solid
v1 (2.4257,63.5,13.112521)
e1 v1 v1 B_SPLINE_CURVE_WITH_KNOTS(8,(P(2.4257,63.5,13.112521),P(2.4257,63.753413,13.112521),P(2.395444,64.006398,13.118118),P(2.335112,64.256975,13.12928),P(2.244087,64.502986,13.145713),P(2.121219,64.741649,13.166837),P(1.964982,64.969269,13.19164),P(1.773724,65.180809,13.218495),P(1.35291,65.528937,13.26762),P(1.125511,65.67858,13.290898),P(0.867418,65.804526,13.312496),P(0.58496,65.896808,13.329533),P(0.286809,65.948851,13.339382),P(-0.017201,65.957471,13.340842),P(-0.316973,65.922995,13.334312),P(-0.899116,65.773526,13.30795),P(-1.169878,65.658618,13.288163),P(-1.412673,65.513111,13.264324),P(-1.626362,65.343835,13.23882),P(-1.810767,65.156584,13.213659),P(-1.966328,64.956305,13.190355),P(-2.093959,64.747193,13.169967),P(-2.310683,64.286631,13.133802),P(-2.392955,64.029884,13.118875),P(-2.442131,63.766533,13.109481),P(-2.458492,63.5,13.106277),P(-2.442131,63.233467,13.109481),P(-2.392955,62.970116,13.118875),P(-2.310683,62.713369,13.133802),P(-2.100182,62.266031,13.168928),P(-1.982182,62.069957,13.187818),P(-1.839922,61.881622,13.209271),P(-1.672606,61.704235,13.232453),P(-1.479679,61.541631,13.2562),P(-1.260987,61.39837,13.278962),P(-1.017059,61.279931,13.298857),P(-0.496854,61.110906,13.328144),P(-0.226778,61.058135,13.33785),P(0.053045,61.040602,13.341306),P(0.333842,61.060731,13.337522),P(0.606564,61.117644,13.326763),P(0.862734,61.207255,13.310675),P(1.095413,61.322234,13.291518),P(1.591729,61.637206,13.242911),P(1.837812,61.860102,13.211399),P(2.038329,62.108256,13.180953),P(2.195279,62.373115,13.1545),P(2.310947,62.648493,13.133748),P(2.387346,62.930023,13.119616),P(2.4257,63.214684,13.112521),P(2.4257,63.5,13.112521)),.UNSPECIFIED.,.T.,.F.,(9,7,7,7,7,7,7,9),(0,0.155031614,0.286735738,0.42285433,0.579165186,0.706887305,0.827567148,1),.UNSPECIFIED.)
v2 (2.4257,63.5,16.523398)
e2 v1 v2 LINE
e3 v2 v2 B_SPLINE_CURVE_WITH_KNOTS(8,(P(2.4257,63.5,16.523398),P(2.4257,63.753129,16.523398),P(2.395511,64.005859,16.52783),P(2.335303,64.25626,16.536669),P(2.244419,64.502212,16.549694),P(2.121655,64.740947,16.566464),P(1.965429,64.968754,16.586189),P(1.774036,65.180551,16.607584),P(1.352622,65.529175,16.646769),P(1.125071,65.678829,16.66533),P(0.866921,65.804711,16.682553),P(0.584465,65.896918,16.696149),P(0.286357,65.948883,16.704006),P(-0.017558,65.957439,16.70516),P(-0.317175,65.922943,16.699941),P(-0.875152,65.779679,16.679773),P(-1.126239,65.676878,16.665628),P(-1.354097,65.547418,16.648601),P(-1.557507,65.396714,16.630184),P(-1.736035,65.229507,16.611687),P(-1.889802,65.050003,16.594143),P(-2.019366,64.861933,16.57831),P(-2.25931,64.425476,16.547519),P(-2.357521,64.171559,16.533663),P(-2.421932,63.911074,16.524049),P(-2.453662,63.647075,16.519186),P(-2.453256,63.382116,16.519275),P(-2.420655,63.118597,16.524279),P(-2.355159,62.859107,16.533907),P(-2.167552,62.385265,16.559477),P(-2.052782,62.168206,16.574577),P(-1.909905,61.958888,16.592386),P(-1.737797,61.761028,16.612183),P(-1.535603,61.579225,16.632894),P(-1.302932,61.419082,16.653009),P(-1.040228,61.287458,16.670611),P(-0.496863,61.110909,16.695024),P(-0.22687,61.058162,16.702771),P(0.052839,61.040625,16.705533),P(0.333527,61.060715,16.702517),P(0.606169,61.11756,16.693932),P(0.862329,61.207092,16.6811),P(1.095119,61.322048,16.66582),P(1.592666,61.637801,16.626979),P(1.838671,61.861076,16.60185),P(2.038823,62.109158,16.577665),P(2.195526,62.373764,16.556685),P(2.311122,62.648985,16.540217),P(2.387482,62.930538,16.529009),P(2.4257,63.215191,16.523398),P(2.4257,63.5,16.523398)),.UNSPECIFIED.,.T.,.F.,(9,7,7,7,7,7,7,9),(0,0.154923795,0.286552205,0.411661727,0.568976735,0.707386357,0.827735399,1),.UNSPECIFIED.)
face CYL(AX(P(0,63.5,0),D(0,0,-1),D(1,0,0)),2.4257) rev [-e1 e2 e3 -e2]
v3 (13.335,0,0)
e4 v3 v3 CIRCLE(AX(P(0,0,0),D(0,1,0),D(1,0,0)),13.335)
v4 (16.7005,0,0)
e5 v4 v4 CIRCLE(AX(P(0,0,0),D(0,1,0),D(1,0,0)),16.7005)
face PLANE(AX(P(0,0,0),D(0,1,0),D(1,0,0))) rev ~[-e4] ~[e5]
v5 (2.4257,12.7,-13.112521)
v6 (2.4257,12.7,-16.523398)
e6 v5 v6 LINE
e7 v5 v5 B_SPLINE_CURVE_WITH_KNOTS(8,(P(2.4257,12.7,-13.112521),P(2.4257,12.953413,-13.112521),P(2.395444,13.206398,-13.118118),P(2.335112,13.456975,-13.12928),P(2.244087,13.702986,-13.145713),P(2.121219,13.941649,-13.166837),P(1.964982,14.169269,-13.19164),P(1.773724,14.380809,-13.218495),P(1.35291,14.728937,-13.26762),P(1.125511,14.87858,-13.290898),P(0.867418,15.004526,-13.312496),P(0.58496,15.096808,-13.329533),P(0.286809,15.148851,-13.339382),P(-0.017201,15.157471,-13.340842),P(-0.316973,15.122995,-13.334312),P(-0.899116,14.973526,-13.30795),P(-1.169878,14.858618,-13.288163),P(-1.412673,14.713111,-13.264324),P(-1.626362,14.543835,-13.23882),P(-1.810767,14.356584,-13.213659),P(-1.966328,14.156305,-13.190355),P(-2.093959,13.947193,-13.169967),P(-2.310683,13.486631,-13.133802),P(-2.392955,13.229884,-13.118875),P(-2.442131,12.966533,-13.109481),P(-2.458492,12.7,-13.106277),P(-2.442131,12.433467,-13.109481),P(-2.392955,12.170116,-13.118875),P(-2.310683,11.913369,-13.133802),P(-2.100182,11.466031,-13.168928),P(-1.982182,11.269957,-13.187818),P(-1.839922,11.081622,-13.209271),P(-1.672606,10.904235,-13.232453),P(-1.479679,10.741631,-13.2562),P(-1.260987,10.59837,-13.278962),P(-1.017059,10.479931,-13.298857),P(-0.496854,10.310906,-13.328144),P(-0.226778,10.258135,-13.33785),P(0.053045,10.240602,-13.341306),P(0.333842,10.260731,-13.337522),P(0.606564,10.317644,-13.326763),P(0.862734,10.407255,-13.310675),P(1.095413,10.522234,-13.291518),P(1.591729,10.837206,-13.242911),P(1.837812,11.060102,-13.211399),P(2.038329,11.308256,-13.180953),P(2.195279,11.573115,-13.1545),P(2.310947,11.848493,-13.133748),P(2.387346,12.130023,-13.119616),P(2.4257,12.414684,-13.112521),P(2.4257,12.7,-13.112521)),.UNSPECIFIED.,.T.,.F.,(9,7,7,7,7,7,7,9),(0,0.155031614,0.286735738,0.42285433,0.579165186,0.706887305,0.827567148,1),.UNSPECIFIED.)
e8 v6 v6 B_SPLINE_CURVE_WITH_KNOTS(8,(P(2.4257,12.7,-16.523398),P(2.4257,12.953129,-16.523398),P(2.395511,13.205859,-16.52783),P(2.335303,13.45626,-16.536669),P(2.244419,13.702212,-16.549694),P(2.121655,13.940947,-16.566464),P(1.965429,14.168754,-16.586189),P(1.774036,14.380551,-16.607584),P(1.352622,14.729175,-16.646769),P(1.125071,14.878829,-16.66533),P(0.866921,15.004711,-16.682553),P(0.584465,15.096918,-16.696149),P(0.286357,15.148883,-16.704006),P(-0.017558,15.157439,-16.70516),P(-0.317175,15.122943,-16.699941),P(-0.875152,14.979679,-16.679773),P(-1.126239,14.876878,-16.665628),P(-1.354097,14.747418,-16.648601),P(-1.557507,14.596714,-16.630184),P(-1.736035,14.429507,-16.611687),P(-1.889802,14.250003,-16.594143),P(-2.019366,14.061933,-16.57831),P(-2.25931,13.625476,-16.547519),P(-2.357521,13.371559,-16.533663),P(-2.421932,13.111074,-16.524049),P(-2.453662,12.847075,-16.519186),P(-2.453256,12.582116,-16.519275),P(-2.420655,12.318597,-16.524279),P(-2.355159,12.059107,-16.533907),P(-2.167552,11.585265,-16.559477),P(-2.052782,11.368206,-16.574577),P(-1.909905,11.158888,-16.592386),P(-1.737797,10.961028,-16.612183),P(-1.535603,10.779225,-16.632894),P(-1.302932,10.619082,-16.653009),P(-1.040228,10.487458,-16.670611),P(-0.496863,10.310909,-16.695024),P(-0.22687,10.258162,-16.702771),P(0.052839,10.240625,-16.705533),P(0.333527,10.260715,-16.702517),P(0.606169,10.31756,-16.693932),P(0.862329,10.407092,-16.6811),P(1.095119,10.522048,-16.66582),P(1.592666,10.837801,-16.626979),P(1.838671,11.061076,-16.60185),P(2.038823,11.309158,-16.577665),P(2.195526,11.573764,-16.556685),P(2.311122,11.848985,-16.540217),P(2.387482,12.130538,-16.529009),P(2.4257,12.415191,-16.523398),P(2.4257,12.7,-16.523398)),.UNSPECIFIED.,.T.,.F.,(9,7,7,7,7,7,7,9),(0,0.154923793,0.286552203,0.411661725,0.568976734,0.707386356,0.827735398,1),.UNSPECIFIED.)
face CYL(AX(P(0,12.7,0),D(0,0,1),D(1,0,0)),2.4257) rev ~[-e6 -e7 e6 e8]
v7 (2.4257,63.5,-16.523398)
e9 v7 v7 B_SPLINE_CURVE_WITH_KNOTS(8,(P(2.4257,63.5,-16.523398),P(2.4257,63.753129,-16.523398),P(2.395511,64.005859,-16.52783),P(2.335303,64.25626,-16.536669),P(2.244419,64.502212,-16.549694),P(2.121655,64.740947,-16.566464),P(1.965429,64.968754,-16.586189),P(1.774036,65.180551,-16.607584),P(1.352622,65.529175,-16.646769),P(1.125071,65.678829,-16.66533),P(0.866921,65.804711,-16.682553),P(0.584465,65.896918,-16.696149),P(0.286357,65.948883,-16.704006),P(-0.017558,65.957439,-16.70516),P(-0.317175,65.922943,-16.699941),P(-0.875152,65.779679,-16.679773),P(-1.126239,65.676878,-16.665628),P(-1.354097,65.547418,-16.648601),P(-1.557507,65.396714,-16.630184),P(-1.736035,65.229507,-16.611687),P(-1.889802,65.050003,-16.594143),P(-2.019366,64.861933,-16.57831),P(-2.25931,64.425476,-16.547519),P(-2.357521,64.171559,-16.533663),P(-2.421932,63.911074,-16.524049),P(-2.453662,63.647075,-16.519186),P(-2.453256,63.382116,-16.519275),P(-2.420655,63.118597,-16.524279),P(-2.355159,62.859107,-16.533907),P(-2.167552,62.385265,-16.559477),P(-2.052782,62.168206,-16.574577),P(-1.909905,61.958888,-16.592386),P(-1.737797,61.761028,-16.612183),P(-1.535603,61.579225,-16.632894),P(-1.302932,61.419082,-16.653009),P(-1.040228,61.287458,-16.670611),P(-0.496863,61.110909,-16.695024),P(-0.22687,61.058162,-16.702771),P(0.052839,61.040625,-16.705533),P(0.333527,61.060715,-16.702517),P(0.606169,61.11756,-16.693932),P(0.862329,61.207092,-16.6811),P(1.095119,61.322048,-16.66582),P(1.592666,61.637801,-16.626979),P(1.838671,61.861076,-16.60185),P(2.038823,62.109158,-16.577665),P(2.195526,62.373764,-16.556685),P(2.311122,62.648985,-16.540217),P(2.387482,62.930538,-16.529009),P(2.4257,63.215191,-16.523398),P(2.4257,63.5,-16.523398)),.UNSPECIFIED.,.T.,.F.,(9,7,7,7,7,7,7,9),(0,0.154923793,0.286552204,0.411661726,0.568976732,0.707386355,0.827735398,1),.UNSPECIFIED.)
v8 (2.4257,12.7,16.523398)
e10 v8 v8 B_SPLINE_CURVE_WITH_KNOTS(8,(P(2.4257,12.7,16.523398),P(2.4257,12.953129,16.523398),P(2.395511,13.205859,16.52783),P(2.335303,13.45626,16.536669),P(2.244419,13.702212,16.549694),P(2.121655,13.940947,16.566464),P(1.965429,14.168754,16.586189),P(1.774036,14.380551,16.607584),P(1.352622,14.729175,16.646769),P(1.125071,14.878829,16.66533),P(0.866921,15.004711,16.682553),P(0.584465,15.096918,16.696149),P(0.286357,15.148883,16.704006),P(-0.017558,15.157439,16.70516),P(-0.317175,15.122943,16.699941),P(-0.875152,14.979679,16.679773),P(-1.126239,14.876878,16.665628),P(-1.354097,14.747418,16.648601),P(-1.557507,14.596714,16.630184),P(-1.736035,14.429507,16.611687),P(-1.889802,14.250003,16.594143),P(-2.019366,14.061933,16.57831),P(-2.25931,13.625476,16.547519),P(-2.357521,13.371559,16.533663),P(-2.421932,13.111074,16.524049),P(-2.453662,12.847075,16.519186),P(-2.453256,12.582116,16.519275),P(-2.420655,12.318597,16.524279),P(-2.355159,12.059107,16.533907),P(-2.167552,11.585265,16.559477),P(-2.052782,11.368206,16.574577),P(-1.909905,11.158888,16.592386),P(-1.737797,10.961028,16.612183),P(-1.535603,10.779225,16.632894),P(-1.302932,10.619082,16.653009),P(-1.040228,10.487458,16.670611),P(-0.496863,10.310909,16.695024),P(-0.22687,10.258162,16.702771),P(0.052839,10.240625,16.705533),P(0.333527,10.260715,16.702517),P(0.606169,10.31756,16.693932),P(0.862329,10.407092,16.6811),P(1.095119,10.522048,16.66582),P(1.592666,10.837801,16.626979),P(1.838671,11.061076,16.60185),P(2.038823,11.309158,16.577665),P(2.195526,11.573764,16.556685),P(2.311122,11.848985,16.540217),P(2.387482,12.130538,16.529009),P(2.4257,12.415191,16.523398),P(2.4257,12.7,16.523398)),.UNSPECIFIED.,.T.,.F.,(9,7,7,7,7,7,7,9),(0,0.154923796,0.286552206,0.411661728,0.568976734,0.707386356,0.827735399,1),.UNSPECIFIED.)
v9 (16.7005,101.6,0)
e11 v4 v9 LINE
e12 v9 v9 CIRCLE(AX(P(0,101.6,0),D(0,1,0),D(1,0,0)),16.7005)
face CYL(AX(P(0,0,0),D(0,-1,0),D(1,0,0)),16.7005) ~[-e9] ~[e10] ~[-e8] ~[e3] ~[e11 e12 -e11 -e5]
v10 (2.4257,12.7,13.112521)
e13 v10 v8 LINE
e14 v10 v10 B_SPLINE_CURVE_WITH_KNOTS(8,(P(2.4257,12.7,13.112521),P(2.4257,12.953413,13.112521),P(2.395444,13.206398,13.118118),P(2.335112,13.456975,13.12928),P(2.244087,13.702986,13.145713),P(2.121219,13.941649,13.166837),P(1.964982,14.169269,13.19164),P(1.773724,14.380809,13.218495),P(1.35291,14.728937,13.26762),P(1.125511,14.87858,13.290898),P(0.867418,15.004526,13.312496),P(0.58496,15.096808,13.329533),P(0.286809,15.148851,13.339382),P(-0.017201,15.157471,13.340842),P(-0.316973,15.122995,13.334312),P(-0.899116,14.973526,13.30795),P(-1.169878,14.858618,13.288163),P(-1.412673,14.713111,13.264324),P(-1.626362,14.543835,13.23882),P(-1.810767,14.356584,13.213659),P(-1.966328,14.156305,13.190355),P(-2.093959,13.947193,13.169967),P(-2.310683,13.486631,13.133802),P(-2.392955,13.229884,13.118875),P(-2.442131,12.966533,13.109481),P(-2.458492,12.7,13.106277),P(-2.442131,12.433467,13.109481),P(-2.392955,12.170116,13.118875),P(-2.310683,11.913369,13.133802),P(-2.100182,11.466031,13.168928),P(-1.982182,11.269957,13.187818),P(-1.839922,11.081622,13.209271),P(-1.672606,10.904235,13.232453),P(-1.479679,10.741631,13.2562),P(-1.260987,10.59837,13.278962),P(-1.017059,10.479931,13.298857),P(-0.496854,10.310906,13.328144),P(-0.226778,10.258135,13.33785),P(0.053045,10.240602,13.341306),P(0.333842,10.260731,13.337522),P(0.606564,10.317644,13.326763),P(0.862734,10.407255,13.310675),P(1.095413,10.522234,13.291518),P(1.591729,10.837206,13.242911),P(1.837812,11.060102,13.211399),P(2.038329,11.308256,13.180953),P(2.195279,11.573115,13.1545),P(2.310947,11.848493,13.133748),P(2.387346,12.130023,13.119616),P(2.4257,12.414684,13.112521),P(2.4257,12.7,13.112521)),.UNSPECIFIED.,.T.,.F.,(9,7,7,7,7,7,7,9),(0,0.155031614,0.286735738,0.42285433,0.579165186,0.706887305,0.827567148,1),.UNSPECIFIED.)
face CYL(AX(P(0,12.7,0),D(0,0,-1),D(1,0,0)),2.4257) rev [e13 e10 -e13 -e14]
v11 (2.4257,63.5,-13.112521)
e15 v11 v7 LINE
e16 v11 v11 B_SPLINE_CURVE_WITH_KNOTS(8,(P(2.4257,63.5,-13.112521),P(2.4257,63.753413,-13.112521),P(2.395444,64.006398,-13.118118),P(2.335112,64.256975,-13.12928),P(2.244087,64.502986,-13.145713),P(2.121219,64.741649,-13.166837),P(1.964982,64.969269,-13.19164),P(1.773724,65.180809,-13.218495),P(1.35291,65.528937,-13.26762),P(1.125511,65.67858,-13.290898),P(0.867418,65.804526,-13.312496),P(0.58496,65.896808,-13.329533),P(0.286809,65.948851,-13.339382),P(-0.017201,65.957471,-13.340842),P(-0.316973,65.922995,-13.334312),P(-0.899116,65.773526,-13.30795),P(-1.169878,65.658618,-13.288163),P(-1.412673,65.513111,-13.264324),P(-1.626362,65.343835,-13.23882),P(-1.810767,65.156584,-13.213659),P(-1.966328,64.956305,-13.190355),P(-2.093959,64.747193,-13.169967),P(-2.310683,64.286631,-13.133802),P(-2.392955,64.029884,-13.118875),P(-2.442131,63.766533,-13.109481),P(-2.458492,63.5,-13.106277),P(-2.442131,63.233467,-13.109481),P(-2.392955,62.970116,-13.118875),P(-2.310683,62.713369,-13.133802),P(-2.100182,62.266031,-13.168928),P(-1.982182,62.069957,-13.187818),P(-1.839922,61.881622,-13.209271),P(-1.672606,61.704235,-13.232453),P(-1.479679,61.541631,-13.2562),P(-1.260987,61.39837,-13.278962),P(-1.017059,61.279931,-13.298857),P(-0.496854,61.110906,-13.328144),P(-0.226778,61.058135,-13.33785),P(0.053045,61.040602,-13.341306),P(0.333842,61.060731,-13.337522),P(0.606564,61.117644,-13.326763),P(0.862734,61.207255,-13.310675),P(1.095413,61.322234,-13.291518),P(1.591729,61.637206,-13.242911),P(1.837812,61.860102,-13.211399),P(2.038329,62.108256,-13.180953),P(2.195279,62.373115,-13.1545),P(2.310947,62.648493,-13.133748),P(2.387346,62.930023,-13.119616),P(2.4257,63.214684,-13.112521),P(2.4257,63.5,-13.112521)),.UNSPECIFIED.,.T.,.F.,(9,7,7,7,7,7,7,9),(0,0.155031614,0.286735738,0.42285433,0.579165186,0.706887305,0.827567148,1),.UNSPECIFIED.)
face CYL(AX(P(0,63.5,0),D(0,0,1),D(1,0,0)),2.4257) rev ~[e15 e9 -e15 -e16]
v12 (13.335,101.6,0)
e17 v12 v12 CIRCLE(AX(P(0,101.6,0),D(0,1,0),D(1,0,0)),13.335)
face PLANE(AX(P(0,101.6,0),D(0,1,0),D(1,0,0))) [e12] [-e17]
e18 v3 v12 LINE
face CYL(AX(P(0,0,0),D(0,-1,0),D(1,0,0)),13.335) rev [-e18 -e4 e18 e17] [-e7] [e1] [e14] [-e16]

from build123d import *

# Parameters (mm, degrees)
SKETCH1_R               = 16.7005
SKETCH1_R_2             = 13.335
BOSS_EXTRUDE1_DEPTH     = 101.6
SKETCH2_R               = 2.4257
CUT_EXTRUDE1_DEPTH      = 17.7005
CUT_EXTRUDE1_DEPTH_BACK = 17.7005


with BuildPart() as part:
    # Sketch1 → Boss-Extrude1 (new body)
    with BuildSketch(Plane(origin=(0, 0, 0), x_dir=(1, 0, 0), z_dir=(0, 1, 0))):
        Circle(SKETCH1_R)
        Circle(SKETCH1_R_2, mode=Mode.SUBTRACT)
    extrude(amount=BOSS_EXTRUDE1_DEPTH)

    # Sketch2 → Cut-Extrude1 (cut, two sides)
    with BuildSketch(Plane.XY) as cut_extrude1_sk:
        with Locations((0, 63.5)):
            Circle(SKETCH2_R)
        with Locations((0, 12.7)):
            Circle(SKETCH2_R)
    extrude(amount=CUT_EXTRUDE1_DEPTH, mode=Mode.SUBTRACT)
    extrude(cut_extrude1_sk.sketch, amount=-CUT_EXTRUDE1_DEPTH_BACK, mode=Mode.SUBTRACT)


solid = part.part
